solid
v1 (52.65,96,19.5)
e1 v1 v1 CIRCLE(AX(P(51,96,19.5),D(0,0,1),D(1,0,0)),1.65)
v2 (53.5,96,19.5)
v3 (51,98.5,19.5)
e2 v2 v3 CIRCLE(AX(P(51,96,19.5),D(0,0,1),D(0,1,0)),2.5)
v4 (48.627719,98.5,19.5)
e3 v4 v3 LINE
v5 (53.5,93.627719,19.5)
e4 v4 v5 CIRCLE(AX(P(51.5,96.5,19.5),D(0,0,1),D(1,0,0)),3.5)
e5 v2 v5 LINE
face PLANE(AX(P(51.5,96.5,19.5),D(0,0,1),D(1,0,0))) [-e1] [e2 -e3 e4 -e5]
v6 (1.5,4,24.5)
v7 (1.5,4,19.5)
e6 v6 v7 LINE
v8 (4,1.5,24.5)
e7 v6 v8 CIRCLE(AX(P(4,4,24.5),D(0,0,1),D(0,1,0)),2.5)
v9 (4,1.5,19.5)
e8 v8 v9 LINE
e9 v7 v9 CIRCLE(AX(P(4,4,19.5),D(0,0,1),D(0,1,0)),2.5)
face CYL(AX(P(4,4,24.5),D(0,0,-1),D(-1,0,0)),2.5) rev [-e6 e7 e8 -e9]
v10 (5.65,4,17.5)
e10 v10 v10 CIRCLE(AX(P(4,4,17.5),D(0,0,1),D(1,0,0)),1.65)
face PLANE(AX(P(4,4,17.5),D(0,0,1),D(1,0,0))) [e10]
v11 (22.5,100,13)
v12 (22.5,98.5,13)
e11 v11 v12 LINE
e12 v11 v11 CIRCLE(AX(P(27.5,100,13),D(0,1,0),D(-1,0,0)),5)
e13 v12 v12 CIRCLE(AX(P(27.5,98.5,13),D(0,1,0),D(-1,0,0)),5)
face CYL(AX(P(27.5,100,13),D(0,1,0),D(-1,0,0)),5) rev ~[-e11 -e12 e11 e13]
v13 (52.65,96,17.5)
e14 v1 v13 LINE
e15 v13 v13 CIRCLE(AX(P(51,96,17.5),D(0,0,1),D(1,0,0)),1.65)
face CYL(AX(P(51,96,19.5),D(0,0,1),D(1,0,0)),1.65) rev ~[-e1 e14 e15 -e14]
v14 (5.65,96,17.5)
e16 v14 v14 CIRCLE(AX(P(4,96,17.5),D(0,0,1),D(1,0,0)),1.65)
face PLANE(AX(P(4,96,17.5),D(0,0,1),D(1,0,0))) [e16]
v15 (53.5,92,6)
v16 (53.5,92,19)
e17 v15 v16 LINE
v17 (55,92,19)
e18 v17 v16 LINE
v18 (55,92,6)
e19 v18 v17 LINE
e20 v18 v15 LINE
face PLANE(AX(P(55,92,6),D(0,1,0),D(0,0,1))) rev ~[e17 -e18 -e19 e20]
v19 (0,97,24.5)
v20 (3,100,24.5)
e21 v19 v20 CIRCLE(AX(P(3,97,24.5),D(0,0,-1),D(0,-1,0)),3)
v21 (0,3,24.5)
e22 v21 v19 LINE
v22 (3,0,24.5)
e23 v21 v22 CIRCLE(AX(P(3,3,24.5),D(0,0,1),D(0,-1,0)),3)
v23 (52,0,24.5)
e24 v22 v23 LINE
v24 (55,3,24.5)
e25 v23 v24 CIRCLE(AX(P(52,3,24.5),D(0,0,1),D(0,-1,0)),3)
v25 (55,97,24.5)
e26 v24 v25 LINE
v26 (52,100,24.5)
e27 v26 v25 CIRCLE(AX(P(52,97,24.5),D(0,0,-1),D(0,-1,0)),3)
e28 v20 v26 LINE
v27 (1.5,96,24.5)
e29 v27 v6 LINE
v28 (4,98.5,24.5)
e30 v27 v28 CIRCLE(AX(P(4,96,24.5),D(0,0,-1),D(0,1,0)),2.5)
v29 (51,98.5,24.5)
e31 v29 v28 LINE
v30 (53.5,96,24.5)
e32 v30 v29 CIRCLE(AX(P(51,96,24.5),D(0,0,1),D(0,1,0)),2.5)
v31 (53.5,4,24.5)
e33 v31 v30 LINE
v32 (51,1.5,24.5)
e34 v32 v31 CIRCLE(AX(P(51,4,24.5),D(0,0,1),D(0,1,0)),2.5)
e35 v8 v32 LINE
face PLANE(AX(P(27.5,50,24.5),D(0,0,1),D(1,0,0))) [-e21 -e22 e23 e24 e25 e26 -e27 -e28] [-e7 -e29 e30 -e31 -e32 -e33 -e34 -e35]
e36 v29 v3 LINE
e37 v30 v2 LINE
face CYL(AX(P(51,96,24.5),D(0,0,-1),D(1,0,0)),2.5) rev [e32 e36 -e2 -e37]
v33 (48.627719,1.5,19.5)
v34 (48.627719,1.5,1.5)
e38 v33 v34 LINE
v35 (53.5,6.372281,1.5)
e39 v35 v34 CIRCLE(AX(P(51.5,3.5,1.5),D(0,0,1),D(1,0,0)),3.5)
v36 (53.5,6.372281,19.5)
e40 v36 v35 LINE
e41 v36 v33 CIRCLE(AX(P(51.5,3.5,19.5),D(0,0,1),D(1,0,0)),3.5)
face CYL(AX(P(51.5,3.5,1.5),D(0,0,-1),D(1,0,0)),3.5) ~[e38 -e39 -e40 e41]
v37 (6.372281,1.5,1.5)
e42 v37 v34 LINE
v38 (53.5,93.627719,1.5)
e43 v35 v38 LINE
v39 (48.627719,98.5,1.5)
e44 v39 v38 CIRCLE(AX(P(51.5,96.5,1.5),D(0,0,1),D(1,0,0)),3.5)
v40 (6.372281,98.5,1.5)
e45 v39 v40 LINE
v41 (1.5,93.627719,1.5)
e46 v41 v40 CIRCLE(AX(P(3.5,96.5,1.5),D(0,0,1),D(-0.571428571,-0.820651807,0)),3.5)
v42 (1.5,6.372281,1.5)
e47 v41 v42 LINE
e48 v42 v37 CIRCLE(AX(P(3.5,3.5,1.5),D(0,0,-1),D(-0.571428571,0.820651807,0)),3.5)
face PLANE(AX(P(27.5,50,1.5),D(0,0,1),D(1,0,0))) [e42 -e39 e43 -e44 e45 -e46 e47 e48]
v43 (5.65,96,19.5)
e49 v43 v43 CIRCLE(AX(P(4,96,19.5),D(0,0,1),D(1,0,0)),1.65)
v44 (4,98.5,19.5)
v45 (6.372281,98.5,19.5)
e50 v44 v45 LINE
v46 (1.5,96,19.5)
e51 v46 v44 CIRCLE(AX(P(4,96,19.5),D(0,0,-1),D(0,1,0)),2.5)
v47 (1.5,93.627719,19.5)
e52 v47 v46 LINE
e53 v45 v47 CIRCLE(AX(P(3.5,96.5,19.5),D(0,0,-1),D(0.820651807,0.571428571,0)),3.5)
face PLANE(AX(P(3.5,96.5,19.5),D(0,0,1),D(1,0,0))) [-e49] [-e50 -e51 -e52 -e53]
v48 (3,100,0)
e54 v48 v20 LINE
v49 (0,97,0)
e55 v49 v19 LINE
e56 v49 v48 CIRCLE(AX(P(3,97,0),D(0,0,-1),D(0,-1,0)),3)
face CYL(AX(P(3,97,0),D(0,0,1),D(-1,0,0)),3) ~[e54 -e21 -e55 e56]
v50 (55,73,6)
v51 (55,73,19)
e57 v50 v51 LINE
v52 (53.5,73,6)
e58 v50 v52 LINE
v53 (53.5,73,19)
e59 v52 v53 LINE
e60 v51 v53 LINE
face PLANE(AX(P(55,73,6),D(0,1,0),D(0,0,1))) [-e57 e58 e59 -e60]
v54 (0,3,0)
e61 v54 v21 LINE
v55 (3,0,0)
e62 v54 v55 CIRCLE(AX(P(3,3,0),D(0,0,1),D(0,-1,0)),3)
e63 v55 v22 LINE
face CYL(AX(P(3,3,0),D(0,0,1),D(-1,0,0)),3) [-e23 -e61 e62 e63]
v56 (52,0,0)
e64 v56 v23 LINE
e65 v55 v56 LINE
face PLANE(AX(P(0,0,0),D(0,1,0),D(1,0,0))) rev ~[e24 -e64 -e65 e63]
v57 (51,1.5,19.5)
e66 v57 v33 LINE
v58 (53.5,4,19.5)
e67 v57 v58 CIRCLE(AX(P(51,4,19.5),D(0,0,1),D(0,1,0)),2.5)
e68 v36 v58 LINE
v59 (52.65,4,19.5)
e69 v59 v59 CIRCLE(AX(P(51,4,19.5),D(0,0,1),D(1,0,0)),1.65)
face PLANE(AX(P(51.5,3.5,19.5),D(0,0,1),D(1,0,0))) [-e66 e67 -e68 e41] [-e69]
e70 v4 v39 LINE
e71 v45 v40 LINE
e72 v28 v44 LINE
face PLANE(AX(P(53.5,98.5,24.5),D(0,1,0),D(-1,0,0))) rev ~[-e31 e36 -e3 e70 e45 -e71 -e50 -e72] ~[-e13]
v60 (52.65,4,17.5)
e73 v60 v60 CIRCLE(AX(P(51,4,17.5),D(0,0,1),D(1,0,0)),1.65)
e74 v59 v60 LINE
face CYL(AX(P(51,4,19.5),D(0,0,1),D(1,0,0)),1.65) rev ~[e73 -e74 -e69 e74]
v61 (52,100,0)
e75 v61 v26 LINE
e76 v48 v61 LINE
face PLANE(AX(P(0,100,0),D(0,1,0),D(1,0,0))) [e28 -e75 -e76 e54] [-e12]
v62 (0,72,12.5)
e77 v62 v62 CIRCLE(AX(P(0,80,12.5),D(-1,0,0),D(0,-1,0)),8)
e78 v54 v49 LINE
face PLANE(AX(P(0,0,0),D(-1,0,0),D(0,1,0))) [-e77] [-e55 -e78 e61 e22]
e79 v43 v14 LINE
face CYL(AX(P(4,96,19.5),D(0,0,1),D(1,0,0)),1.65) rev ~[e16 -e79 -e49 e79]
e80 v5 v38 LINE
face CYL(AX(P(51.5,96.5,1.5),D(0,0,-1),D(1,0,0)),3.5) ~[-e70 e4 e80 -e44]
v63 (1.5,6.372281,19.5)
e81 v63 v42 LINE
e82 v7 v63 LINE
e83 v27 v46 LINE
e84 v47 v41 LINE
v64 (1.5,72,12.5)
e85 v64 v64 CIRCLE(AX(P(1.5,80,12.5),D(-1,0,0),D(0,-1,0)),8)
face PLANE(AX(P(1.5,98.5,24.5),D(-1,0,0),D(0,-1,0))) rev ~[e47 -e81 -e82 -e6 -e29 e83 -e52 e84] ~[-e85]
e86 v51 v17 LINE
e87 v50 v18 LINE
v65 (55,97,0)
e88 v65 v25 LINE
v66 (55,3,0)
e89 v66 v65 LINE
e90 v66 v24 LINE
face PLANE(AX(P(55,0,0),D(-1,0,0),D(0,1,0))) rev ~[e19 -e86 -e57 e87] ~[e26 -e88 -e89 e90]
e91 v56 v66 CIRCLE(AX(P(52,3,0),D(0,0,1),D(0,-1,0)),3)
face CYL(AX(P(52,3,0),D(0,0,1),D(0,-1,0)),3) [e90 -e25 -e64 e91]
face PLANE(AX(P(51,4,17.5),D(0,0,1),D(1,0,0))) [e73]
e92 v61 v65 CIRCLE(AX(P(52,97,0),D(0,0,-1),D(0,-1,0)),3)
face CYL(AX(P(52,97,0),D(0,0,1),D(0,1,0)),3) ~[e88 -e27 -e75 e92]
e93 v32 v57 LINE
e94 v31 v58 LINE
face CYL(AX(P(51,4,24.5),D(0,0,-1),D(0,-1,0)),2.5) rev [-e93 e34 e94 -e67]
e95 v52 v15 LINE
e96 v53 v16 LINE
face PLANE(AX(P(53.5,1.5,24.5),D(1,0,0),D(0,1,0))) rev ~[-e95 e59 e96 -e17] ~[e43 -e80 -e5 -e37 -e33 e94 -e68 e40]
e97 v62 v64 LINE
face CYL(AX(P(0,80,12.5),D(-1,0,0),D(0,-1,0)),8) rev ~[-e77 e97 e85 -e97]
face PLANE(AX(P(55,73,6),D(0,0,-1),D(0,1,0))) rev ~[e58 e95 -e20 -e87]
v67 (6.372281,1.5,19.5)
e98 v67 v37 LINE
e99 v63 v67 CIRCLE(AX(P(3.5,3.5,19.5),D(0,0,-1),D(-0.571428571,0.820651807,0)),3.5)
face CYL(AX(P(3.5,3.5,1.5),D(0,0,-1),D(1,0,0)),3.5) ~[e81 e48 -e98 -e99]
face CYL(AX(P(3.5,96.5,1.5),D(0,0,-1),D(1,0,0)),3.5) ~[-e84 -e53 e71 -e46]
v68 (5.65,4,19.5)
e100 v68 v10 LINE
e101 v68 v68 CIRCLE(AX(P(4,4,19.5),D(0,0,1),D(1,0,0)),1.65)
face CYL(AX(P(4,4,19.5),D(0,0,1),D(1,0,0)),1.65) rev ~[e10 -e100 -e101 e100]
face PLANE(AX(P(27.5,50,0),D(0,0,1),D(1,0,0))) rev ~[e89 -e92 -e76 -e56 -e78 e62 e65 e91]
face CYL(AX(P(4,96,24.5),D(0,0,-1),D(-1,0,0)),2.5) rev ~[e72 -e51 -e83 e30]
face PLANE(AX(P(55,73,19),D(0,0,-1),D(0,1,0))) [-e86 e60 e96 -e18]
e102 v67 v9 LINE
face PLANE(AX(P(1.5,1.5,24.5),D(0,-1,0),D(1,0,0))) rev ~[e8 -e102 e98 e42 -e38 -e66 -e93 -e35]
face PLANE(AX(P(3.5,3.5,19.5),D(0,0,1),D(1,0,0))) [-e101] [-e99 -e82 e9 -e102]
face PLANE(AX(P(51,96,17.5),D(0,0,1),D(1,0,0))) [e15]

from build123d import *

# Parameters (mm, degrees)
F0_W      = 55
F0_H      = 100
F1_DEPTH  = 24.5
F3_DEPTH  = 23
F4_R      = 5
F5_DEPTH  = 2
F6_R      = 8
F7_DEPTH  = 2
F8_R      = 3.5
F9_DEPTH  = 18
F10_R     = 1.65
F11_DEPTH = 2
F12_R     = 3
F13_R     = 2.5
F14_W     = 19
F14_H     = 13
F15_DEPTH = 2


with BuildPart() as f1:
    # F0 (on Top) → F1 (new body)
    with BuildSketch(Plane.XY):
        with Locations((27.5, 50)):
            Rectangle(F0_W, F0_H)
    extrude(amount=F1_DEPTH)

    # F2 (on face) → F3 (cut)
    with BuildSketch(Plane.XY.offset(24.5)):
        Polygon((27.5, 98.5), (1.5, 98.5), (1.5, 50), (1.5, 1.5), (27.5, 1.5), (53.5, 1.5), (53.5, 50), (53.5, 98.5), align=None)
    extrude(amount=-F3_DEPTH, mode=Mode.SUBTRACT)

    # F4 (on face) → F5 (cut)
    with BuildSketch(Plane(origin=(0, 100, 0), x_dir=(-1, 0, 0), z_dir=(0, 1, 0))):
        with Locations((-27.5, 13)):
            Circle(F4_R)
    extrude(amount=-F5_DEPTH, mode=Mode.SUBTRACT)

    # F6 (on face) → F7 (cut)
    with BuildSketch(Plane(origin=(0, 0, 0), x_dir=(0, -1, 0), z_dir=(-1, 0, 0))):
        with Locations((-80, 12.5)):
            Circle(F6_R)
    extrude(amount=-F7_DEPTH, mode=Mode.SUBTRACT)

    # F8 (on face) → F9 (join)
    with BuildSketch(Plane.XY.offset(1.5)):
        with Locations((3.5, 96.5)):
            Circle(F8_R)
        with Locations((51.5, 96.5)):
            Circle(F8_R)
        with Locations((51.5, 3.5)):
            Circle(F8_R)
        with Locations((3.5, 3.5)):
            Circle(F8_R)
    extrude(amount=F9_DEPTH)

    # F10 (on face) → F11 (cut)
    with BuildSketch(Plane.XY.offset(19.5)):
        with Locations((4, 96)):
            Circle(F10_R)
        with Locations((4, 4)):
            Circle(F10_R)
        with Locations((51, 96)):
            Circle(F10_R)
        with Locations((51, 4)):
            Circle(F10_R)
    extrude(amount=-F11_DEPTH, mode=Mode.SUBTRACT)

    # F12
    f12_edges = [f1.edges().sort_by_distance(p)[0] for p in [
        (0, 100, 12.25),
        (55, 100, 12.25),
        (0, 0, 12.25),
        (55, 0, 12.25),
    ]]
    fillet(f12_edges, radius=F12_R)

    # F13
    f13_edges = [f1.edges().sort_by_distance(p)[0] for p in [
        (1.5, 98.5, 22),
        (53.5, 98.5, 22),
        (1.5, 1.5, 22),
        (53.5, 1.5, 22),
    ]]
    fillet(f13_edges, radius=F13_R)

    # F14 (on face) → F15 (cut)
    with BuildSketch(Plane.YZ.offset(55)):
        with Locations((82.5, 12.5)):
            Rectangle(F14_W, F14_H)
    extrude(amount=-F15_DEPTH, mode=Mode.SUBTRACT)


solid = f1.part
